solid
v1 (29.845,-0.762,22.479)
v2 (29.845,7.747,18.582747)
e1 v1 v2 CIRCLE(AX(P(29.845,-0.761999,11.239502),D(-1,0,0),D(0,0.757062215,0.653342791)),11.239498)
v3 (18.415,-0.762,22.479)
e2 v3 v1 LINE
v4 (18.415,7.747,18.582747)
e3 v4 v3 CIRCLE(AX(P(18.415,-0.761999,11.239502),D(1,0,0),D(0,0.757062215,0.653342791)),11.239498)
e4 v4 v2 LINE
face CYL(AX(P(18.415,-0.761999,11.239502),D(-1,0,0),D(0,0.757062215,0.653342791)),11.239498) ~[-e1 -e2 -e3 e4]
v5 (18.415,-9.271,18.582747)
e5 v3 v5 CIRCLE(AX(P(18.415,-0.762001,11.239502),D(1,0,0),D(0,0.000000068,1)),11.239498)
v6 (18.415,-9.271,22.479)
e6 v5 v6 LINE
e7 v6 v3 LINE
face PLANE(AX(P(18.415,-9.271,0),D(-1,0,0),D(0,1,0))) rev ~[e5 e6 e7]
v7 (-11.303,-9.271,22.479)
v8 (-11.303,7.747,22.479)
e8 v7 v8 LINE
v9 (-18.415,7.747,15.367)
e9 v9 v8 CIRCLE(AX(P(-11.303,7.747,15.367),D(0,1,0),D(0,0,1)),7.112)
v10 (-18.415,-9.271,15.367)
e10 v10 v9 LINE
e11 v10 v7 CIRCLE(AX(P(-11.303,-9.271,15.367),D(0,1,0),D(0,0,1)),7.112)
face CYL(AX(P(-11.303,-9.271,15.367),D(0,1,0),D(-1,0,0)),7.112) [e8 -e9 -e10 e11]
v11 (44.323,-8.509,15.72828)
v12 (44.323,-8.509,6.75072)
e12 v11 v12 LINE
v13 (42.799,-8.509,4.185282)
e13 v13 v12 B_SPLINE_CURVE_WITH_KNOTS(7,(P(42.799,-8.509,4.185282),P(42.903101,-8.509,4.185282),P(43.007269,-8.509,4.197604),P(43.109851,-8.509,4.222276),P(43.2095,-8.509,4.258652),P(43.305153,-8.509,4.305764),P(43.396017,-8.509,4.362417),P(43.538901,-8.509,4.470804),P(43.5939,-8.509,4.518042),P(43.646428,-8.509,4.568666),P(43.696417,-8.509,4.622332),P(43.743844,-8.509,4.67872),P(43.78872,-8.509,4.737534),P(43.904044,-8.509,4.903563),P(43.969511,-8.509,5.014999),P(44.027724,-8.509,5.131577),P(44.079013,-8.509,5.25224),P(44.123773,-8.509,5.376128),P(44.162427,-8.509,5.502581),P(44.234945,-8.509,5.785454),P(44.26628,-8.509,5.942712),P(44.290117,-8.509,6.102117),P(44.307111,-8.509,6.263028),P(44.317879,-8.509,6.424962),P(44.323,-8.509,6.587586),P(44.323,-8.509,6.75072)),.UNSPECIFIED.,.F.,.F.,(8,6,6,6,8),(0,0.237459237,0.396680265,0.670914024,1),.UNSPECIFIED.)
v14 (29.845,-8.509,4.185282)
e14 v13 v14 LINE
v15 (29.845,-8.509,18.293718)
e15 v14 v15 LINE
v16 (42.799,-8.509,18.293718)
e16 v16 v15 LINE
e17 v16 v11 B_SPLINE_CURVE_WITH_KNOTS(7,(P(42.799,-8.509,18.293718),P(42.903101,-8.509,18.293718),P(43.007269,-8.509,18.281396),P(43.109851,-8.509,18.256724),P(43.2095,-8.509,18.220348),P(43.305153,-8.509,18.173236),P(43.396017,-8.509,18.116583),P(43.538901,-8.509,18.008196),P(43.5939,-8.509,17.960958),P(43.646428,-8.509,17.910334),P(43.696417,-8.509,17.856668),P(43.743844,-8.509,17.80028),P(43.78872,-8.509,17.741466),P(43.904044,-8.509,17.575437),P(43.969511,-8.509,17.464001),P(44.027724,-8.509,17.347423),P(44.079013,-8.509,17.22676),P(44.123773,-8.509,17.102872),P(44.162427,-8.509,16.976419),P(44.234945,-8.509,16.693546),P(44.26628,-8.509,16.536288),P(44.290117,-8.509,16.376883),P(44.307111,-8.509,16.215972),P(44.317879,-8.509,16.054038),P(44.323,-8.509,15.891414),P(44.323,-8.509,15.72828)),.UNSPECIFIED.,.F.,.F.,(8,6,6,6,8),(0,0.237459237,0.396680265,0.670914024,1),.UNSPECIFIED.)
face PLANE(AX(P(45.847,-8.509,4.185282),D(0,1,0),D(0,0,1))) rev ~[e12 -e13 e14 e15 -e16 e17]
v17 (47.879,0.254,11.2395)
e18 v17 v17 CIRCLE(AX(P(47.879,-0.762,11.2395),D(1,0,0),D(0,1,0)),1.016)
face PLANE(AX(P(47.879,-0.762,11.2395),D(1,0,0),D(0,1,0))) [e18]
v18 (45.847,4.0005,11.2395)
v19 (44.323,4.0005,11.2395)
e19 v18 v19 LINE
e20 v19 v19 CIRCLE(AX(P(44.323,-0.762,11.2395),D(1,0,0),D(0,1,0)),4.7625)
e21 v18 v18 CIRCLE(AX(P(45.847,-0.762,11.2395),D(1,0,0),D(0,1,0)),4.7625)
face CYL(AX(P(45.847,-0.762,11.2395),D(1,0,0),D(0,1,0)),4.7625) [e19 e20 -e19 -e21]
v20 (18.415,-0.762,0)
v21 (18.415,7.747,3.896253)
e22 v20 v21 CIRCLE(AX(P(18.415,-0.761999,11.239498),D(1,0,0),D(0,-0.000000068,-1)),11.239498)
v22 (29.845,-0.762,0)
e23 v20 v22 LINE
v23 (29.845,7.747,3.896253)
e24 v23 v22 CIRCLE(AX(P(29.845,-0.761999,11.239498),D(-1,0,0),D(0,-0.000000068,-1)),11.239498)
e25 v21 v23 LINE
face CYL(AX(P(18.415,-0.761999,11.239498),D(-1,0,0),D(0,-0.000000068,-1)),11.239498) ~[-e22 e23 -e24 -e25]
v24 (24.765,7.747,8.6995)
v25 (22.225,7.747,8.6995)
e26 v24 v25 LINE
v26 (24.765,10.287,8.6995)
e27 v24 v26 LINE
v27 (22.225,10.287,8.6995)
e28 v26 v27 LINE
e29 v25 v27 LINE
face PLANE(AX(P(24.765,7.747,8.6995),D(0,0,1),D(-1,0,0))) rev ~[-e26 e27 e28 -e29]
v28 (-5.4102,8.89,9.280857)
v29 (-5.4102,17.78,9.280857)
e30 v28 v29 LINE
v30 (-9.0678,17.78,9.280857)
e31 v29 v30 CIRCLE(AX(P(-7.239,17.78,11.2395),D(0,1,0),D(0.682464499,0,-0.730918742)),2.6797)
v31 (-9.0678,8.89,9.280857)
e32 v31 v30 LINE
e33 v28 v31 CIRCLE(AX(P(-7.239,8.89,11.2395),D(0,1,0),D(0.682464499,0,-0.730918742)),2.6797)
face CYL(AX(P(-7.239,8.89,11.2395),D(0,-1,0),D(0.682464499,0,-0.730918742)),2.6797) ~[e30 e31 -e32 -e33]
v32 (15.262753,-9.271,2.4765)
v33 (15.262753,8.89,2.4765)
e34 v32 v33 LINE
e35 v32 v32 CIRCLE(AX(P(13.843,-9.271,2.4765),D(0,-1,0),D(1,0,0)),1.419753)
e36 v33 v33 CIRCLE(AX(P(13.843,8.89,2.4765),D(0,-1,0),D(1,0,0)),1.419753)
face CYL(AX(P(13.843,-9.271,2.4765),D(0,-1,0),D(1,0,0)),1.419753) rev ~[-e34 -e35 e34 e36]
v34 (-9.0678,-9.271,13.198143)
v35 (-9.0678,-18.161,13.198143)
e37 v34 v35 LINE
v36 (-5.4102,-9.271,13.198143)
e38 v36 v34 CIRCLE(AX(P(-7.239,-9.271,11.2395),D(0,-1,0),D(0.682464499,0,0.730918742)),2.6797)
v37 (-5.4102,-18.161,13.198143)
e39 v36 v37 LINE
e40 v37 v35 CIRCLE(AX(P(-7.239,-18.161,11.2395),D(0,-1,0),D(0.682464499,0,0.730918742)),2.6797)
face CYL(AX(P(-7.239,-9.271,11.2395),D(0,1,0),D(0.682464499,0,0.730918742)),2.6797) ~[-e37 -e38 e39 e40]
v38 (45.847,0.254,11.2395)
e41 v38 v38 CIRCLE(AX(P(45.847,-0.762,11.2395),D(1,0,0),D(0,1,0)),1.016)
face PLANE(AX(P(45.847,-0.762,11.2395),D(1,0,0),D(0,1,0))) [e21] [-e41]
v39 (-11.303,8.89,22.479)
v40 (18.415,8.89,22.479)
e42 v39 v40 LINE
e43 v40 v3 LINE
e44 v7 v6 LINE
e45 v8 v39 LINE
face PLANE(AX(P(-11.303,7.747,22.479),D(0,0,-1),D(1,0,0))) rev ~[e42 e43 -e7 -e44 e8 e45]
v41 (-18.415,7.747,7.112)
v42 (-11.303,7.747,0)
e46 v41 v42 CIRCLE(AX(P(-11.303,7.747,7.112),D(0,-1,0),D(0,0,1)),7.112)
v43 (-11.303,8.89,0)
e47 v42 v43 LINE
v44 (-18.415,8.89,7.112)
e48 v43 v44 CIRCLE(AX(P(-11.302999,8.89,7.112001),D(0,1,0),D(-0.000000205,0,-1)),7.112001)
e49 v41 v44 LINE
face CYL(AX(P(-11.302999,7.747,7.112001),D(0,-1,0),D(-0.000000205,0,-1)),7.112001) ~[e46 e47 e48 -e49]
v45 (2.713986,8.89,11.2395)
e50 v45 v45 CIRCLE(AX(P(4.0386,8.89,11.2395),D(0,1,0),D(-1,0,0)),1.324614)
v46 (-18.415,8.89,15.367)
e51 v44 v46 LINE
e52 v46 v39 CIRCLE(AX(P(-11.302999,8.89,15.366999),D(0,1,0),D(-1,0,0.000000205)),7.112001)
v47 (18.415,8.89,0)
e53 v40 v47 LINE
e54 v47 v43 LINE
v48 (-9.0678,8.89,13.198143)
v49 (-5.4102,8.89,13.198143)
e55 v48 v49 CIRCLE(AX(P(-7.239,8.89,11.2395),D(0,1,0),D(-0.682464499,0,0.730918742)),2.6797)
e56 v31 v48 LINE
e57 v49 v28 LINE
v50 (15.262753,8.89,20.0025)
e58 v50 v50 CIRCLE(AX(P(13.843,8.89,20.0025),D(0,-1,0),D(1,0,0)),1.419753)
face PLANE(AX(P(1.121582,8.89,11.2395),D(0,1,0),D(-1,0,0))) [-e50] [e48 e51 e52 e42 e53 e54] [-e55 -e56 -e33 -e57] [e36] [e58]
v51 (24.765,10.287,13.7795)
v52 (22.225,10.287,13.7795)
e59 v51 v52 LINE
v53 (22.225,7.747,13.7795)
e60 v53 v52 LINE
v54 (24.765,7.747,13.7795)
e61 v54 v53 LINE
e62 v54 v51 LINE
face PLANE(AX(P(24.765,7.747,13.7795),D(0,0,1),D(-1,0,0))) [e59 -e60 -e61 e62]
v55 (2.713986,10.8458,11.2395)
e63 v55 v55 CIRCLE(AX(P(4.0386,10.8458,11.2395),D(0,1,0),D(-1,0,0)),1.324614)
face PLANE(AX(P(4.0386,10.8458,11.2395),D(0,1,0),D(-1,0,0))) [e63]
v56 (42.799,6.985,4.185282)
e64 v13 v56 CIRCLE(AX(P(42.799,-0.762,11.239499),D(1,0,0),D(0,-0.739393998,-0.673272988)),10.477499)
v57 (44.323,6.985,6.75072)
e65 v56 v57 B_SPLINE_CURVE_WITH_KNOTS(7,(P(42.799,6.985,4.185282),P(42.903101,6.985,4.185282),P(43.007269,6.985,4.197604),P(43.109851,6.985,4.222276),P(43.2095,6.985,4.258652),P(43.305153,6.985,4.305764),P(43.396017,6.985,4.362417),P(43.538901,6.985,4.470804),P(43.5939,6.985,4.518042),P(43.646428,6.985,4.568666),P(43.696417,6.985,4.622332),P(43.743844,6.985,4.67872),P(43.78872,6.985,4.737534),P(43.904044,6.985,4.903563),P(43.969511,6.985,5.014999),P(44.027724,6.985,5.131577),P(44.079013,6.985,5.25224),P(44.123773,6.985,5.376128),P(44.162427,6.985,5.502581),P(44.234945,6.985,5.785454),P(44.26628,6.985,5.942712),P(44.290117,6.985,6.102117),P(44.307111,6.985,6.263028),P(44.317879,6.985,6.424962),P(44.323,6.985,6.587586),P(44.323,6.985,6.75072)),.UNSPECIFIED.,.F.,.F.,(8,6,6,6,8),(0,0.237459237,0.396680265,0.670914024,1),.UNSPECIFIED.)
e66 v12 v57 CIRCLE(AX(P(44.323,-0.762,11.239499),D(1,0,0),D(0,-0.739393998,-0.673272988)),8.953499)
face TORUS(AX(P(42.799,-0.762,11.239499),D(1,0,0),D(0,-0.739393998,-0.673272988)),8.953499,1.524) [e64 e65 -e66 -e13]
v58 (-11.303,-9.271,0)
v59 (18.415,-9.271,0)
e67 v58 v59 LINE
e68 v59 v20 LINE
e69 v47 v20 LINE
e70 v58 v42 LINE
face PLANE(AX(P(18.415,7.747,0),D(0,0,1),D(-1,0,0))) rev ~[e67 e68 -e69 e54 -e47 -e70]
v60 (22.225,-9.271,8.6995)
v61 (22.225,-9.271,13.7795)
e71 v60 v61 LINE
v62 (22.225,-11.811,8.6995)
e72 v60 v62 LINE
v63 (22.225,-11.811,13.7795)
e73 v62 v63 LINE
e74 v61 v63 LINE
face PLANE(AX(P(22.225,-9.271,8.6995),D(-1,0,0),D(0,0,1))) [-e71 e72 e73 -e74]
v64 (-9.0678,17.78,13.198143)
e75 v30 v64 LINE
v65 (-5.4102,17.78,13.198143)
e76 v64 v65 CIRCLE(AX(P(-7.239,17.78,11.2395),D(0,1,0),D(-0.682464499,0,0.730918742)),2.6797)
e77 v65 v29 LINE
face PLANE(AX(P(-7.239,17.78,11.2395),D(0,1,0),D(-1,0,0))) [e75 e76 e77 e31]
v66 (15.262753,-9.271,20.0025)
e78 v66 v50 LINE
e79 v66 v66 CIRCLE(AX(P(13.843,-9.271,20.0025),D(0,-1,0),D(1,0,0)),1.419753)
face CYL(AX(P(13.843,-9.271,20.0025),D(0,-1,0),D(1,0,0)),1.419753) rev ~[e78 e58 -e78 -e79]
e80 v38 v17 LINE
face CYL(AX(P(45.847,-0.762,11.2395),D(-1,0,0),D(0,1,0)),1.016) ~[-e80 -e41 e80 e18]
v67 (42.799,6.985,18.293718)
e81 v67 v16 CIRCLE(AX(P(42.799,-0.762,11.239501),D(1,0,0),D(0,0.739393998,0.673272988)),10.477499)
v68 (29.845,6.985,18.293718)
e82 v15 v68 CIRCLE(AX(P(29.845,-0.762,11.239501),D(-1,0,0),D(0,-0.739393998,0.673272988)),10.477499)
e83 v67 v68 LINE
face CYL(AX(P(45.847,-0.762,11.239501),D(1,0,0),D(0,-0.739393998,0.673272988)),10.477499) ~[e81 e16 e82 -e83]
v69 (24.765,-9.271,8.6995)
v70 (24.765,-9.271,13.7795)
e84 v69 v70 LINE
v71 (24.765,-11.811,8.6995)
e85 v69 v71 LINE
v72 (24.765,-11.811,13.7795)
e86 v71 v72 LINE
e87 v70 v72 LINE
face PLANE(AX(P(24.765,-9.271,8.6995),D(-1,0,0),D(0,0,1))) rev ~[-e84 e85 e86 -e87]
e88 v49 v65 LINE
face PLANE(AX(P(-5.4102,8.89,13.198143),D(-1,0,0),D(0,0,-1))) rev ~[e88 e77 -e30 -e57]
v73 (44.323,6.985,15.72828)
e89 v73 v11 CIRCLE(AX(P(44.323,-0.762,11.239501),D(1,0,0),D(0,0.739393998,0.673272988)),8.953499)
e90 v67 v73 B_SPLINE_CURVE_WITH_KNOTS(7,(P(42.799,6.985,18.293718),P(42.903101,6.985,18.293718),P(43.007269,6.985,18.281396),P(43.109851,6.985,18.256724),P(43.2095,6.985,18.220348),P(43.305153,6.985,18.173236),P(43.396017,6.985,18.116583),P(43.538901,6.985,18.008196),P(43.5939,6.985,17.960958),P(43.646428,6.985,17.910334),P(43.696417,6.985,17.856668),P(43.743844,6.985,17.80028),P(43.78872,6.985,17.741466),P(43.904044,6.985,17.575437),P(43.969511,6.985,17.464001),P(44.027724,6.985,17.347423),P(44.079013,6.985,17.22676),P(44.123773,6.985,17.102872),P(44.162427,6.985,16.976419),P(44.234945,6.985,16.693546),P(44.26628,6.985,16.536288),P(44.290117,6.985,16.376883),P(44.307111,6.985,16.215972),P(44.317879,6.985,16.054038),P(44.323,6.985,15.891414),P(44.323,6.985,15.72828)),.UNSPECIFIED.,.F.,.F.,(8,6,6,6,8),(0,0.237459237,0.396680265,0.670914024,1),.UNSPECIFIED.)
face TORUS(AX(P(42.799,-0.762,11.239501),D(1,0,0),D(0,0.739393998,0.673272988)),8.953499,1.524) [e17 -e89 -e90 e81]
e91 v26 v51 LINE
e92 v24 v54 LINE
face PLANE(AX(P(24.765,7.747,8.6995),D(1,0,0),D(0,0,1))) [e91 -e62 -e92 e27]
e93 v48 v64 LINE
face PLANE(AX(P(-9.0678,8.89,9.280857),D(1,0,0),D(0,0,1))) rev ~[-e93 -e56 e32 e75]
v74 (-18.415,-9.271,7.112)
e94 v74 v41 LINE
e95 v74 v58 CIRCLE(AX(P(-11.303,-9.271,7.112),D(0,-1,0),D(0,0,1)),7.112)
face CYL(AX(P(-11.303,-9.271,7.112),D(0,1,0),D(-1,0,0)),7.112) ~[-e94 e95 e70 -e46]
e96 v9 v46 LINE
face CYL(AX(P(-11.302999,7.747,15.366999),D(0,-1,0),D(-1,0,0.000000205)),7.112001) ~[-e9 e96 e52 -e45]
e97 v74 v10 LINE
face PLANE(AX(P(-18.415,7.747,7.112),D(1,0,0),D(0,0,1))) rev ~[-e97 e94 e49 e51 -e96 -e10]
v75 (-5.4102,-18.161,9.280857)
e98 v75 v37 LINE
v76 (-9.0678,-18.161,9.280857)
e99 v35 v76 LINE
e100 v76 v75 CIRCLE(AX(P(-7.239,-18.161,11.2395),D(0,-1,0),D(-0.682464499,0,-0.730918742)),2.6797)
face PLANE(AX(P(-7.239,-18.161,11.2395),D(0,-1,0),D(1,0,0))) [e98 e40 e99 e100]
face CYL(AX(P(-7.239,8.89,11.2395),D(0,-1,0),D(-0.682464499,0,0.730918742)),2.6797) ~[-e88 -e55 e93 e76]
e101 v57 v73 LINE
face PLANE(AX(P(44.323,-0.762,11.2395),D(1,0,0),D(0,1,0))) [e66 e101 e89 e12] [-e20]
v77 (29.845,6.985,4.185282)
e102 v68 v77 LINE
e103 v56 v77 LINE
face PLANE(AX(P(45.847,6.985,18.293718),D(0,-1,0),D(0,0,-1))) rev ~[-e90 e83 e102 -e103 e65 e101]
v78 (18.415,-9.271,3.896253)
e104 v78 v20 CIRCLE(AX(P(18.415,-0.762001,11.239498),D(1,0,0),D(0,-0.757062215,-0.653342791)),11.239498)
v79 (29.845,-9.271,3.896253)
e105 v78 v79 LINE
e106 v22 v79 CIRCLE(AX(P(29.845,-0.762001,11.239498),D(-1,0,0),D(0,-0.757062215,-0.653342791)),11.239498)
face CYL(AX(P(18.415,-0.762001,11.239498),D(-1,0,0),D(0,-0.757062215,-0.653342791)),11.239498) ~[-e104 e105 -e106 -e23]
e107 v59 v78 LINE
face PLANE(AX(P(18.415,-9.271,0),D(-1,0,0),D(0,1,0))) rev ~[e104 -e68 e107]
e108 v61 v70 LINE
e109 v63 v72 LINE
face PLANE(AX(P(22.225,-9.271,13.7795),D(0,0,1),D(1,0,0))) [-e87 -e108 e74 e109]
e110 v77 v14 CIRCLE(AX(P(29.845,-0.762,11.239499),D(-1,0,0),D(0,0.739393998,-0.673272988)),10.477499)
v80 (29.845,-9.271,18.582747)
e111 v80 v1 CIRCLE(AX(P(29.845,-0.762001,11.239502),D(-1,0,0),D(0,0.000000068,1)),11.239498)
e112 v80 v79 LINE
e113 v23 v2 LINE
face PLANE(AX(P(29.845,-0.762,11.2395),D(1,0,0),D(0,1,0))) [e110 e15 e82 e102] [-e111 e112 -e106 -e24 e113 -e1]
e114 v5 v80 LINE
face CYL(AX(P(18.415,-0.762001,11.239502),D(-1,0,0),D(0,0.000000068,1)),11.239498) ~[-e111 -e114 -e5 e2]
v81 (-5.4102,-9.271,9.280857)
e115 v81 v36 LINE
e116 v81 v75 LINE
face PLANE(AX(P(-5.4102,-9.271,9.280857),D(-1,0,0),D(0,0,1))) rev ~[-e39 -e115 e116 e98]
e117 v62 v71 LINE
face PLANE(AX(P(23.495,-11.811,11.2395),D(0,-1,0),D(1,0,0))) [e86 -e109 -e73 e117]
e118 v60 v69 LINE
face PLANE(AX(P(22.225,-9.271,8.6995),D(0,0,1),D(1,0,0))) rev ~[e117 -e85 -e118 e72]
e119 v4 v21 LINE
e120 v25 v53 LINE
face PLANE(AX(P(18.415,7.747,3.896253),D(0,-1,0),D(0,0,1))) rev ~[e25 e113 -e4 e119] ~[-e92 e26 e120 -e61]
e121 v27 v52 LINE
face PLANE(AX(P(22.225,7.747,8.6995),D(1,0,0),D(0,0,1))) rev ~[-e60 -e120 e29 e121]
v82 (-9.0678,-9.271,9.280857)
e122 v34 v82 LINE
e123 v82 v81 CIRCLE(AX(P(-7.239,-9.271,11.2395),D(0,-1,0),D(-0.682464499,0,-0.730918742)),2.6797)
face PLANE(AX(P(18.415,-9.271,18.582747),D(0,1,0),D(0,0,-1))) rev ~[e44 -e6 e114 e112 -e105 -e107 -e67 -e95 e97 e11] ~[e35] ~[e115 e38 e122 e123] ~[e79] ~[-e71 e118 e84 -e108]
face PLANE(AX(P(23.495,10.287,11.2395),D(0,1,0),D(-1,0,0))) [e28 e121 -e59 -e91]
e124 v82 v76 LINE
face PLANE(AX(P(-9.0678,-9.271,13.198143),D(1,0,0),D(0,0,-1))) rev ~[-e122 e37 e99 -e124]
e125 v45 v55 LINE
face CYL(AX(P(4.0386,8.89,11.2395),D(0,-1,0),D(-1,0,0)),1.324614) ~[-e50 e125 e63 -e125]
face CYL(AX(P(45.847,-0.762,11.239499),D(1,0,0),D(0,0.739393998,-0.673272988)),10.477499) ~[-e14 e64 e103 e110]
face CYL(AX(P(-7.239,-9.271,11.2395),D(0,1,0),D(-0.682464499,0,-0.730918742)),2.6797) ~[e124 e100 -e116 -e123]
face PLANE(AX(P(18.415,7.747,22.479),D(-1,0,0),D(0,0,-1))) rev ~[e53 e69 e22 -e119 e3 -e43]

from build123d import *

# Parameters (mm, degrees)
F0_W      = 36.83
F0_H      = 17.018
F1_DEPTH  = 22.479
F2_R      = 7.112
F1_FACE_W = 17.018
F1_FACE_H = 8.255
F4_DEPTH  = 27.432
F6_DEPTH  = 16.002
F7_R      = 12.816169
F7_R_2    = 4.7625
F8_DEPTH  = 1.524
F9_R      = 1.524
F10_R     = 1.016
F11_DEPTH = 2.032
F12_W     = 2.54
F12_H     = 5.08
F13_DEPTH = 2.54
F15_DEPTH = 1.143
F16_W     = 2.54
F16_H     = 5.08
F17_DEPTH = 2.54
F19_DEPTH = 8.89
F21_DEPTH = 8.89
F22_R     = 1.324614
F23_DEPTH = 1.9558
F24_R     = 1.419753
F25_DEPTH = 25.4


with BuildPart() as f1:
    # F0 (on Top) → F1 (new body)
    with BuildSketch(Plane.XY):
        with Locations((0, -0.762)):
            Rectangle(F0_W, F0_H)
    extrude(amount=F1_DEPTH)

    # F2
    f2_edges = [f1.edges().sort_by_distance(p)[0] for p in [
        (-18.415, -0.762, 22.479),
        (-18.415, -0.762, 0),
    ]]
    fillet(f2_edges, radius=F2_R)

    # F3 (on face) + F1_face (on face) → F4 (join)
    with BuildSketch(Plane.YZ.offset(18.415)):
        with BuildLine():
            Line((-9.271, 18.582747), (-9.271, 3.896253))
            ThreePointArc((-9.271, 3.896253), (-5.441313, 1.020381), (-0.762, 0))
            ThreePointArc((-0.762, 0), (3.917313, 1.020381), (7.747, 3.896253))
            Line((7.747, 3.896253), (7.747, 18.582747))
            ThreePointArc((7.747, 18.582747), (3.917313, 21.458619), (-0.762, 22.479))
            ThreePointArc((-0.762, 22.479), (-5.441313, 21.458619), (-9.271, 18.582747))
        make_face()
    with BuildSketch(Plane(origin=(18.415, -0.762, 11.2395), x_dir=(0, 1, 0), z_dir=(1, 0, 0))):
        Rectangle(F1_FACE_W, F1_FACE_H)
    extrude(amount=F4_DEPTH)

    # F5 (on face) → F6 (cut)
    with BuildSketch(Plane.YZ.offset(45.847)):
        with BuildLine():
            ThreePointArc((13.335, 20.428588), (-0.762, 28.067), (-14.859, 20.428588))
            Line((-14.859, 20.428588), (-14.859, 2.050412))
            ThreePointArc((-14.859, 2.050412), (-0.762, -5.588), (13.335, 2.050412))
            Line((13.335, 2.050412), (13.335, 20.428588))
        make_face()
        with BuildLine():
            ThreePointArc((-9.271, 18.582747), (-0.762, 22.479), (7.747, 18.582747))
            Line((7.747, 18.582747), (7.747, 3.896253))
            ThreePointArc((7.747, 3.896253), (-0.762, 0), (-9.271, 3.896253))
            Line((-9.271, 3.896253), (-9.271, 18.582747))
        make_face(mode=Mode.SUBTRACT)
        with BuildLine():
            Line((7.747, 3.896253), (7.747, 18.582747))
            ThreePointArc((7.747, 18.582747), (-0.762, 22.479), (-9.271, 18.582747))
            Line((-9.271, 18.582747), (-9.271, 3.896253))
            ThreePointArc((-9.271, 3.896253), (-0.762, 0), (7.747, 3.896253))
        make_face()
        with BuildLine():
            Line((-8.509, 4.185282), (-8.509, 18.293718))
            ThreePointArc((-8.509, 18.293718), (-0.762, 21.717), (6.985, 18.293718))
            Line((6.985, 18.293718), (6.985, 4.185282))
            ThreePointArc((6.985, 4.185282), (-0.762, 0.762), (-8.509, 4.185282))
        make_face(mode=Mode.SUBTRACT)
    extrude(amount=-F6_DEPTH, mode=Mode.SUBTRACT)

    # F7 (on face) → F8 (cut)
    with BuildSketch(Plane.YZ.offset(45.847)):
        with Locations((-0.762, 11.2395)):
            Circle(F7_R)
        with BuildLine():
            ThreePointArc((6.985, 4.185282), (-0.762, 0.762), (-8.509, 4.185282))
            Line((-8.509, 4.185282), (-8.509, 18.293718))
            ThreePointArc((-8.509, 18.293718), (-0.762, 21.717), (6.985, 18.293718))
            Line((6.985, 18.293718), (6.985, 4.185282))
        make_face(mode=Mode.SUBTRACT)
        with BuildLine():
            Line((-8.509, 18.293718), (-8.509, 4.185282))
            ThreePointArc((-8.509, 4.185282), (-0.762, 0.762), (6.985, 4.185282))
            Line((6.985, 4.185282), (6.985, 18.293718))
            ThreePointArc((6.985, 18.293718), (-0.762, 21.717), (-8.509, 18.293718))
        make_face()
        with Locations((-0.762, 11.2395)):
            Circle(F7_R_2, mode=Mode.SUBTRACT)
    extrude(amount=-F8_DEPTH, mode=Mode.SUBTRACT)

    # F9
    f9_edges = [f1.edges().sort_by_distance(p)[0] for p in [
        (44.323, -0.762, 0.762),
        (44.323, -0.762, 21.717),
    ]]
    fillet(f9_edges, radius=F9_R)

    # F10 (on face) → F11 (join)
    with BuildSketch(Plane.YZ.offset(45.847)):
        with Locations((-0.762, 11.2395)):
            Circle(F10_R)
    extrude(amount=F11_DEPTH)

    # F12 (on face) → F13 (join)
    with BuildSketch(Plane.XZ.offset(9.271)):
        with Locations((23.495, 11.2395)):
            Rectangle(F12_W, F12_H)
    extrude(amount=F13_DEPTH)

    # F14 (on face) → F15 (join)
    with BuildSketch(Plane(origin=(0, 7.747, 0), x_dir=(-1, 0, 0), z_dir=(0, 1, 0))):
        with BuildLine():
            Line((-18.415, 0), (11.303, 0))
            ThreePointArc((11.303, 0), (16.331943, 2.083057), (18.415, 7.112))
            Line((18.415, 7.112), (18.415, 15.367))
            ThreePointArc((18.415, 15.367), (16.331943, 20.395943), (11.303, 22.479))
            Line((11.303, 22.479), (-18.415, 22.479))
            Line((-18.415, 22.479), (-18.415, 18.582747))
            Line((-18.415, 18.582747), (-18.415, 3.896253))
            Line((-18.415, 3.896253), (-18.415, 0))
        make_face()
    extrude(amount=F15_DEPTH)

    # F16 (on face) → F17 (join)
    with BuildSketch(Plane(origin=(0, 7.747, 0), x_dir=(-1, 0, 0), z_dir=(0, 1, 0))):
        with Locations((-23.495, 11.2395)):
            Rectangle(F16_W, F16_H)
    extrude(amount=F17_DEPTH)

    # F18 (on face) → F19 (join)
    with BuildSketch(Plane.XZ.offset(9.271)):
        with BuildLine():
            Line((-5.4102, 9.280857), (-5.4102, 13.198143))
            ThreePointArc((-5.4102, 13.198143), (-7.239, 13.9192), (-9.0678, 13.198143))
            Line((-9.0678, 13.198143), (-9.0678, 9.280857))
            ThreePointArc((-9.0678, 9.280857), (-7.239, 8.5598), (-5.4102, 9.280857))
        make_face()
    extrude(amount=F19_DEPTH)

    # F20 (on face) → F21 (join)
    with BuildSketch(Plane(origin=(0, 8.89, 0), x_dir=(-1, 0, 0), z_dir=(0, 1, 0))):
        with BuildLine():
            Line((5.4102, 13.198143), (5.4102, 9.280857))
            ThreePointArc((5.4102, 9.280857), (7.239, 8.5598), (9.0678, 9.280857))
            Line((9.0678, 9.280857), (9.0678, 13.198143))
            ThreePointArc((9.0678, 13.198143), (7.239, 13.9192), (5.4102, 13.198143))
        make_face()
    extrude(amount=F21_DEPTH)

    # F22 (on face) → F23 (join)
    with BuildSketch(Plane(origin=(0, 8.89, 0), x_dir=(-1, 0, 0), z_dir=(0, 1, 0))):
        with Locations((-4.0386, 11.2395)):
            Circle(F22_R)
    extrude(amount=F23_DEPTH)

    # F24 (on face) → F25 (cut)
    with BuildSketch(Plane.XZ.offset(9.271)):
        with Locations((13.843, 20.0025)):
            Circle(F24_R)
        with Locations((13.843, 2.4765)):
            Circle(F24_R)
    extrude(amount=-F25_DEPTH, mode=Mode.SUBTRACT)


solid = f1.part
